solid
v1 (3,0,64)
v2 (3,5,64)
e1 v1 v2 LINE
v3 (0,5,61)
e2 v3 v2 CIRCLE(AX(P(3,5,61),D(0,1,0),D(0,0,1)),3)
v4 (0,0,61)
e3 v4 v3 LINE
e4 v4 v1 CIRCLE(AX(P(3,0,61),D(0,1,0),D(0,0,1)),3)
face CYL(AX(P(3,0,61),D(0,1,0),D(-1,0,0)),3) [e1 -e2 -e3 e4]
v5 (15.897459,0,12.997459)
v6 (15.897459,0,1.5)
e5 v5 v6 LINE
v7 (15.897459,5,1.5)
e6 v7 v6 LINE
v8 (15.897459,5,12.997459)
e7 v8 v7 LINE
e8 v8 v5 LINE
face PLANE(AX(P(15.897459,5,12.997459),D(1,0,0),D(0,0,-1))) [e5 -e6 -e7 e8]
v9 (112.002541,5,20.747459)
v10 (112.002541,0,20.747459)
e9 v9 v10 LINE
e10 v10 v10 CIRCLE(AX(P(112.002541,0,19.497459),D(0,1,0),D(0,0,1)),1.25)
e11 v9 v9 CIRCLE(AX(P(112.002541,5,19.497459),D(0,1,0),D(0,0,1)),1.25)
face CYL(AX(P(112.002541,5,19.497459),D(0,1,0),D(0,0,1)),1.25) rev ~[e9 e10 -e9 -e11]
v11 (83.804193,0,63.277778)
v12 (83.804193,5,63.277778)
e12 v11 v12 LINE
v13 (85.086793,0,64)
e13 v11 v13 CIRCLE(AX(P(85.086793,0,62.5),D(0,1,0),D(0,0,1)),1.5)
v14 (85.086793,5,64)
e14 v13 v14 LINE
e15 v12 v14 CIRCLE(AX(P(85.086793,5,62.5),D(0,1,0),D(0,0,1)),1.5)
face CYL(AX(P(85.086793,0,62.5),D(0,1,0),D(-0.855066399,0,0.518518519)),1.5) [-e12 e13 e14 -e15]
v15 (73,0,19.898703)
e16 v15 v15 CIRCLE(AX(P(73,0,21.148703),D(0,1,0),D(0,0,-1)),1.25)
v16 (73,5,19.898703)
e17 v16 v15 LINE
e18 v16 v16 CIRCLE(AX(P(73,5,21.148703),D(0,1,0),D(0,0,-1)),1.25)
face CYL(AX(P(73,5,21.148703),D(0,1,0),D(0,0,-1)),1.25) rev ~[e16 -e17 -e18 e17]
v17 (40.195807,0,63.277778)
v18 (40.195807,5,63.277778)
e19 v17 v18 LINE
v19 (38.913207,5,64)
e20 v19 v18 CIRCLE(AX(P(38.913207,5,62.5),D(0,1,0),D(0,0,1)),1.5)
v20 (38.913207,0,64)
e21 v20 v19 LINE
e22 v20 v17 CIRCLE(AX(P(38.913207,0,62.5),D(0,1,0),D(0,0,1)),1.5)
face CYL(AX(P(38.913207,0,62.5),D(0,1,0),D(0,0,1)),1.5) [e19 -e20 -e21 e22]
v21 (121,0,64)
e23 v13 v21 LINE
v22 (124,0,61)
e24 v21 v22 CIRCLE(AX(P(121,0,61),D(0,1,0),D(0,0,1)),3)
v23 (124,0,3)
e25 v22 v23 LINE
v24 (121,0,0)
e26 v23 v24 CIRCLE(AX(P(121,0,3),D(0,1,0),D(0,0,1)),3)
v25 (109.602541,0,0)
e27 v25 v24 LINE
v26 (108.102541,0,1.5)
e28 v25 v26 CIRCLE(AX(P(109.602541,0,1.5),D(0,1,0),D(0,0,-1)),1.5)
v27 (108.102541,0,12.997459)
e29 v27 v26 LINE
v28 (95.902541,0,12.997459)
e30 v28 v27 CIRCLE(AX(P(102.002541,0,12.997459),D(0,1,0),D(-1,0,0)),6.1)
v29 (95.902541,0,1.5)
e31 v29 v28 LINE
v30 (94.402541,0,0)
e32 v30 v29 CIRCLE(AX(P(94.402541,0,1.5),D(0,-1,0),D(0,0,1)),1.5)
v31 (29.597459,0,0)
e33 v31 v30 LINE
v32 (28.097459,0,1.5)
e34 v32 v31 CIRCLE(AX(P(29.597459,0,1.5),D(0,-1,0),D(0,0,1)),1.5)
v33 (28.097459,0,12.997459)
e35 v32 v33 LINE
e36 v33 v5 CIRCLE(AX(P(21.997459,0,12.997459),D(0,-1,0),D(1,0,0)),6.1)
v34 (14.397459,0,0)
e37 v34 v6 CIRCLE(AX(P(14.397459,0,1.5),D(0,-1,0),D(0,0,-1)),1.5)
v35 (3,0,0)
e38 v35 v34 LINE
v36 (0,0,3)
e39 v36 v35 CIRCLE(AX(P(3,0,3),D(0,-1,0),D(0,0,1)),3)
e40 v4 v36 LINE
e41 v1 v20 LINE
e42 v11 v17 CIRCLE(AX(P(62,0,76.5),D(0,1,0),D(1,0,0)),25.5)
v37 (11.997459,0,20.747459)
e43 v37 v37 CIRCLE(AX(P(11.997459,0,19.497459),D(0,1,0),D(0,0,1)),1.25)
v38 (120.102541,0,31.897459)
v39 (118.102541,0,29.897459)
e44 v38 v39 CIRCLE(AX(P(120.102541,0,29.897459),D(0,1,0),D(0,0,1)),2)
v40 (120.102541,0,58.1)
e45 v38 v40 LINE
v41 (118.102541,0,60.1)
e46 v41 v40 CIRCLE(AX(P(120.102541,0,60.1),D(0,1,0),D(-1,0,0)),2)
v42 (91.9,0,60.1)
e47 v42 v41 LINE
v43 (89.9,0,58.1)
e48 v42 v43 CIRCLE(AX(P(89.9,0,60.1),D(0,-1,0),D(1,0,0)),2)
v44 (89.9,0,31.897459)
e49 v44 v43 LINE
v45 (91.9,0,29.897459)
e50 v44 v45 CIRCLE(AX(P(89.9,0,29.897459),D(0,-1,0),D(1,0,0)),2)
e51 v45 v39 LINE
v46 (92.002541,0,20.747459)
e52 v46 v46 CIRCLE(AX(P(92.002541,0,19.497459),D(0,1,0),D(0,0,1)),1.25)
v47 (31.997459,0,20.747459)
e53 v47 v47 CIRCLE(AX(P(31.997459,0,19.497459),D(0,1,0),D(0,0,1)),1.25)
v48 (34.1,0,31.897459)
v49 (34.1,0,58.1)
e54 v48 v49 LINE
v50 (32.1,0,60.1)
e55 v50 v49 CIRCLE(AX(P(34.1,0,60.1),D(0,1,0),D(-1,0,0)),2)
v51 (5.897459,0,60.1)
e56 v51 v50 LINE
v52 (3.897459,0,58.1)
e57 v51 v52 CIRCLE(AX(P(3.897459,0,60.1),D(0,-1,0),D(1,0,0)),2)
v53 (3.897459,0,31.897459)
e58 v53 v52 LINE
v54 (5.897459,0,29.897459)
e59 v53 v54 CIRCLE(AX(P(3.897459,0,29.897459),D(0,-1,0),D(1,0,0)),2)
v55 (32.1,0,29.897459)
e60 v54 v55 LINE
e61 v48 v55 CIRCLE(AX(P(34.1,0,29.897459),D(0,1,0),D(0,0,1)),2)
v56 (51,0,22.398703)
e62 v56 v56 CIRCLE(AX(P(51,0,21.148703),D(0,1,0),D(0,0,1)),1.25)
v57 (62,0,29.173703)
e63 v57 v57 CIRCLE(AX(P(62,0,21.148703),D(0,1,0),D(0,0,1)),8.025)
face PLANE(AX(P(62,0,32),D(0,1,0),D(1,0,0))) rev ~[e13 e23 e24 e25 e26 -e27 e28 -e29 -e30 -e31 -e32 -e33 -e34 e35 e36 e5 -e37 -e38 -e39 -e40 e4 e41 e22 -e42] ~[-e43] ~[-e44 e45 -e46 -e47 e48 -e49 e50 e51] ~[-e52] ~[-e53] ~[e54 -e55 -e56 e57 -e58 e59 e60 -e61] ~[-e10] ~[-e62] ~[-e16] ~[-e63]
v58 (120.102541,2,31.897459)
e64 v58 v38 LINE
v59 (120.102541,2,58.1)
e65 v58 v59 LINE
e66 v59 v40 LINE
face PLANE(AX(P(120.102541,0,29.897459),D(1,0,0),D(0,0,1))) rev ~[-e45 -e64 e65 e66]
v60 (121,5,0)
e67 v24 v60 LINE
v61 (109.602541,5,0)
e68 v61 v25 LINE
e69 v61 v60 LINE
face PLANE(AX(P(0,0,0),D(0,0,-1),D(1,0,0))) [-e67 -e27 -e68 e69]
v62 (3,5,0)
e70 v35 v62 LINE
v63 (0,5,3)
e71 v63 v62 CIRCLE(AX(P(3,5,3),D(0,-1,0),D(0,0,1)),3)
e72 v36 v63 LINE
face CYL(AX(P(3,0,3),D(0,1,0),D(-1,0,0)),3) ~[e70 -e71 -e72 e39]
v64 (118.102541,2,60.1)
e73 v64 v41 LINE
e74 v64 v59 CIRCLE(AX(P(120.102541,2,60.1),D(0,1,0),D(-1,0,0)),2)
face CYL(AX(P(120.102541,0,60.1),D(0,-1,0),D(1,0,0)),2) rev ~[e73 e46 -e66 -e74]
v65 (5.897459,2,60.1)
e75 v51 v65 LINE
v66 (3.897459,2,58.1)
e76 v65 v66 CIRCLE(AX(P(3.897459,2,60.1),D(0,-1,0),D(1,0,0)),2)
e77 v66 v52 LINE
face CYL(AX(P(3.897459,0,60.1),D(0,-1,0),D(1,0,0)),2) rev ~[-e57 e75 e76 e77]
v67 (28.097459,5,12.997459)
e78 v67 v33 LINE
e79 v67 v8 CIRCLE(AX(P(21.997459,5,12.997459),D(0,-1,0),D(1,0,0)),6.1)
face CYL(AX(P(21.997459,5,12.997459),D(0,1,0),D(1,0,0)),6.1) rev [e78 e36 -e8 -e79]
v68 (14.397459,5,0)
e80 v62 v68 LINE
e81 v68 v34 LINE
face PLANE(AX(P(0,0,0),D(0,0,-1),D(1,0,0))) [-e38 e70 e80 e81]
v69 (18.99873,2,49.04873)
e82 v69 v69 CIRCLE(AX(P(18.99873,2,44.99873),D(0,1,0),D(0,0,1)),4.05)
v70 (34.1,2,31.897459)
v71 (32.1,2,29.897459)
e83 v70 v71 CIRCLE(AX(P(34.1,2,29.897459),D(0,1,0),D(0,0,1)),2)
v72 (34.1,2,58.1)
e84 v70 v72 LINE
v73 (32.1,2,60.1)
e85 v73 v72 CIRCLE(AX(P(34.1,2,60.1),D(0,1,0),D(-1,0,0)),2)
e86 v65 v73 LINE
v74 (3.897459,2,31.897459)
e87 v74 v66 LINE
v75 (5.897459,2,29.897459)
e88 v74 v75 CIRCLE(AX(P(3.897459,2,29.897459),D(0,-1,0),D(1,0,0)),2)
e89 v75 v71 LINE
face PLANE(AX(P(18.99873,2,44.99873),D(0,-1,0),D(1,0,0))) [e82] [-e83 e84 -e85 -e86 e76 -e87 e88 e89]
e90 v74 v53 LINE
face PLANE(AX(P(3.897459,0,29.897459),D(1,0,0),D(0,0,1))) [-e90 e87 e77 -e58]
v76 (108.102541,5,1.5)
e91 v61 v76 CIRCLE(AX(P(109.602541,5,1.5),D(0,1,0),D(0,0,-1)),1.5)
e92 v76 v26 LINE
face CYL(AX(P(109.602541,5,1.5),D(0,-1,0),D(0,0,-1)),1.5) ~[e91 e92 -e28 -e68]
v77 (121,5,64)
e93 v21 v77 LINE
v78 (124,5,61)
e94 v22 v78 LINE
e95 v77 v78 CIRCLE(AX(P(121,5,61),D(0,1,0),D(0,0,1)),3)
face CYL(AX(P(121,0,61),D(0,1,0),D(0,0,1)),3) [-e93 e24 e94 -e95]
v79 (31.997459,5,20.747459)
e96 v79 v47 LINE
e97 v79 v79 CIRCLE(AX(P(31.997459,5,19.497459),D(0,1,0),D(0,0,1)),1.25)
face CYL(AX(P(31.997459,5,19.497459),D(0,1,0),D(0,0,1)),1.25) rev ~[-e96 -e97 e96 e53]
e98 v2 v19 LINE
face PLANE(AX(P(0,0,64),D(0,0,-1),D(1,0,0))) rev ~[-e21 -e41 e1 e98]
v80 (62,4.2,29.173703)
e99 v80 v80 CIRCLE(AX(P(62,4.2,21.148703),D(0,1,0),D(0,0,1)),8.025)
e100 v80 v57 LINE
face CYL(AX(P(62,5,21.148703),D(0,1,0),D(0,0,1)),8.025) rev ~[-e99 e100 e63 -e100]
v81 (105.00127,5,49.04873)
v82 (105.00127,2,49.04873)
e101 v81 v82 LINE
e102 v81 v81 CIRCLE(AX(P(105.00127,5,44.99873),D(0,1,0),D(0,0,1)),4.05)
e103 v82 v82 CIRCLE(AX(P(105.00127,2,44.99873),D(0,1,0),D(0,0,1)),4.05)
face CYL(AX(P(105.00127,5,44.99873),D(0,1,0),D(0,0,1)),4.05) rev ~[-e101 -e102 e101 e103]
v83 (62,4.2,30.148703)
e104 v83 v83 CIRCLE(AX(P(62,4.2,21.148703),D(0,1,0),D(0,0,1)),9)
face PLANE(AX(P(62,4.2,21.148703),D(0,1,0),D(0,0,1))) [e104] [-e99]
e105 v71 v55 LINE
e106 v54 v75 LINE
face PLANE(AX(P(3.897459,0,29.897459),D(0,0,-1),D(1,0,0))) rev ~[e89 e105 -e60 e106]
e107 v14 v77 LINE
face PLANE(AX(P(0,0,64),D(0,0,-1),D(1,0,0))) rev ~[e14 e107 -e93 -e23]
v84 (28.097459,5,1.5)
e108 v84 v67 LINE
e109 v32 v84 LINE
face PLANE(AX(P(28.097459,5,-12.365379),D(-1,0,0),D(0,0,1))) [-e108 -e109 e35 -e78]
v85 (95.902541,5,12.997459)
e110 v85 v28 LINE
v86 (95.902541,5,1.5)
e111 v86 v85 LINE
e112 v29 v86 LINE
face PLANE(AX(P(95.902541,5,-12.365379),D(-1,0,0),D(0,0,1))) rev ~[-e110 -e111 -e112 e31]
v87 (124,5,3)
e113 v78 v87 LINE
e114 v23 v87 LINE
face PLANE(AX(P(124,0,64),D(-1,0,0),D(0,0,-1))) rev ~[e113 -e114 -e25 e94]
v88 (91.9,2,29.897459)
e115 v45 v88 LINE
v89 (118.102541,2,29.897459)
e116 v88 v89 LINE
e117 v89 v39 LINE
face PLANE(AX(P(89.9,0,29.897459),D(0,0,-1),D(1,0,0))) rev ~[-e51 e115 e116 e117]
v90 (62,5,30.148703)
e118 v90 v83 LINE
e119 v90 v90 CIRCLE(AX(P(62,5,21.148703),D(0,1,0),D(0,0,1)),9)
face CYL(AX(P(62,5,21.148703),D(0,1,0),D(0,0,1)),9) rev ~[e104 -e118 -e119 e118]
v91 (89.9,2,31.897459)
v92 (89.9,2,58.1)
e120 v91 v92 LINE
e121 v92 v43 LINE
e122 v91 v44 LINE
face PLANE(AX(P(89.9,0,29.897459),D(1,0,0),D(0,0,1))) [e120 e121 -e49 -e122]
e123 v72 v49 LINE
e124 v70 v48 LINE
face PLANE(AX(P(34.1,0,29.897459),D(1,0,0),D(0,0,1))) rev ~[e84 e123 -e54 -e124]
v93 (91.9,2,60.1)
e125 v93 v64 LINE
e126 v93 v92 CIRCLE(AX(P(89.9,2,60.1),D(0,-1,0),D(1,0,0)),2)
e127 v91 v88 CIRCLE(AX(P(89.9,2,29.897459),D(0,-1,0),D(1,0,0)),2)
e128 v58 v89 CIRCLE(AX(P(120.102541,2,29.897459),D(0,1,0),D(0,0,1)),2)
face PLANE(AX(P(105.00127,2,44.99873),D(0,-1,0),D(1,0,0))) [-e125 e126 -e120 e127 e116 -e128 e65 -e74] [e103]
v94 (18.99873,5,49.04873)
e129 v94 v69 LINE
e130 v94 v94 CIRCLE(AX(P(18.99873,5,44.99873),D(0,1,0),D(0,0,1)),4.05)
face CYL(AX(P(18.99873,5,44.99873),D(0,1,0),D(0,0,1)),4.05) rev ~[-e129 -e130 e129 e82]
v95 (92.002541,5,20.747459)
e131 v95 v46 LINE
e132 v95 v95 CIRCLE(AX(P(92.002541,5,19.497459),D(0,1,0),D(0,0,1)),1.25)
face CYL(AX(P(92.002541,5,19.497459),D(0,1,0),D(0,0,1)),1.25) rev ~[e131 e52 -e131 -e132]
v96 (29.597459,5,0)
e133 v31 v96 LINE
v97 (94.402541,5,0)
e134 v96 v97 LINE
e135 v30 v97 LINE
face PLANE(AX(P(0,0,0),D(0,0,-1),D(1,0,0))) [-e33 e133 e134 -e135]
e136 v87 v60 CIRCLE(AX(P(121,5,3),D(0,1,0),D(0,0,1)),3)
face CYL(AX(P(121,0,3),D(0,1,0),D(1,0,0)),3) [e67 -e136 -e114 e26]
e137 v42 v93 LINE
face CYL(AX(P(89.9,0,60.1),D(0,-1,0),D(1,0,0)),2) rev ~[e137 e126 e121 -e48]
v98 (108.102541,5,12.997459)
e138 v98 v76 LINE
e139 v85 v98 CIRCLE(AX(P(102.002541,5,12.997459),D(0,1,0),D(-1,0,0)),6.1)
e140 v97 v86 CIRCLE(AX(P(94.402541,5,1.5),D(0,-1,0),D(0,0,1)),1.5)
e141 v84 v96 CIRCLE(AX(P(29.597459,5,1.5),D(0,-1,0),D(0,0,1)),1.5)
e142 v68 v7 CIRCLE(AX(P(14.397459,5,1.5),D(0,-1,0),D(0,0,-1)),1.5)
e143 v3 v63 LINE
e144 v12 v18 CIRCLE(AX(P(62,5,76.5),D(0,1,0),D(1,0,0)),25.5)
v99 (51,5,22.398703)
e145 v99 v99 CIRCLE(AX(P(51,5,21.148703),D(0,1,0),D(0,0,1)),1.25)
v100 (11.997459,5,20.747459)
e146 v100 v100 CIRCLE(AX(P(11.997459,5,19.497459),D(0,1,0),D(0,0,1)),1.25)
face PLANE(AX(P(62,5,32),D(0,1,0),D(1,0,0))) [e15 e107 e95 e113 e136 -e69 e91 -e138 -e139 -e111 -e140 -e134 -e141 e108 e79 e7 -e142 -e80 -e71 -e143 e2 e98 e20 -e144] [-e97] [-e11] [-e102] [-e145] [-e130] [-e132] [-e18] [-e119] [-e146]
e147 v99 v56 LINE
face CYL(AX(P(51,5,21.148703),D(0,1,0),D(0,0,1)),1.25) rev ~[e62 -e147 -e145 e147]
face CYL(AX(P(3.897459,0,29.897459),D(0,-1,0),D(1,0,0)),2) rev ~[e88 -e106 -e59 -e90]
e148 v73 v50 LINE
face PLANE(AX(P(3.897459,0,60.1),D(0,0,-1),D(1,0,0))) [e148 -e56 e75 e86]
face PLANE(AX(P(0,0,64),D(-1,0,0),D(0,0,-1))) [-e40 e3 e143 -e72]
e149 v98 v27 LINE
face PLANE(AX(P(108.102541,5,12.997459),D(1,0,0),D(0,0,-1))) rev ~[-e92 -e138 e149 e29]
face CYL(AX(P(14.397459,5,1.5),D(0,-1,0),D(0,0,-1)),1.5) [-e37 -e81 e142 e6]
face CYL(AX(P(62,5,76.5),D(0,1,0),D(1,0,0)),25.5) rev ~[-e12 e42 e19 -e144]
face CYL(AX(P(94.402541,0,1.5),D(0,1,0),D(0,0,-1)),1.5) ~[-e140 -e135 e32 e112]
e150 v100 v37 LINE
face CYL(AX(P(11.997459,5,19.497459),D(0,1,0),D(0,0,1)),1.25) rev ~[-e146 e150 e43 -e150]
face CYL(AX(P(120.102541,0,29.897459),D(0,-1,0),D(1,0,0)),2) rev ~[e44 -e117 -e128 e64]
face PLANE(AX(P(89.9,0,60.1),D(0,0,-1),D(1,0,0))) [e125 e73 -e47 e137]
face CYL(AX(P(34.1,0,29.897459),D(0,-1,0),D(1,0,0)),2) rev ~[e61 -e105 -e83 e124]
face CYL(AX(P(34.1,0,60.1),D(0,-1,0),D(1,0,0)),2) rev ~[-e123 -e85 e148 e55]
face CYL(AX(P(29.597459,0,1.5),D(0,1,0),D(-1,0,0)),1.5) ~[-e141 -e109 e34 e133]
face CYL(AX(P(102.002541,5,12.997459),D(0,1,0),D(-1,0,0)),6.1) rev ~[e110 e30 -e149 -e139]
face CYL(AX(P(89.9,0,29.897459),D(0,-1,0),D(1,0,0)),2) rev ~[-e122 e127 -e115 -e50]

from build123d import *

# Parameters (mm, degrees)
SKETCH1_W           = 124
SKETCH1_H           = 64
BOSS_EXTRUDE1_DEPTH = 5
CUT_EXTRUDE1_DEPTH  = 5
SKETCH3_W           = 30.202540726
SKETCH3_H           = 30.202540726
CUT_EXTRUDE2_DEPTH  = 2
SKETCH4_R           = 2
CUT_EXTRUDE3_DEPTH  = 2
SKETCH5_R           = 8.025
SKETCH5_R_2         = 4.05
SKETCH5_R_3         = 25.5
CUT_EXTRUDE4_DEPTH  = 5
SKETCH6_R           = 1.25
CUT_EXTRUDE5_DEPTH  = 10
FILLET1_R           = 3
FILLET2_R           = 1.5
SKETCH7_R           = 9
CUT_EXTRUDE6_DEPTH  = 0.8
SKETCH8_R           = 1.25
CUT_EXTRUDE7_DEPTH  = 5


with BuildPart() as part:
    # Sketch1 → Boss-Extrude1 (new body)
    with BuildSketch(Plane(origin=(0, 0, 0), x_dir=(1, 0, 0), z_dir=(0, 1, 0))):
        with Locations((62, -32)):
            Rectangle(SKETCH1_W, SKETCH1_H)
    extrude(amount=BOSS_EXTRUDE1_DEPTH)

    # Sketch2 → Cut-Extrude1 (cut)
    with BuildSketch(Plane(origin=(0, 5, 0), x_dir=(1, 0, 0), z_dir=(0, 1, 0))):
        with BuildLine():
            Line((15.897459274, -12.997459274), (15.897459274, 12.365379101))
            Line((15.897459274, 12.365379101), (28.097459274, 12.365379101))
            Line((28.097459274, 12.365379101), (28.097459274, -12.997459274))
            ThreePointArc((28.097459274, -12.997459274), (21.997459274, -19.097459274), (15.897459274, -12.997459274))
        make_face()
        with BuildLine():
            Line((95.902540726, 12.365379101), (95.902540726, -12.997459274))
            ThreePointArc((95.902540726, -12.997459274), (102.002540726, -19.097459274), (108.102540726, -12.997459274))
            Line((108.102540726, -12.997459274), (108.102540726, 12.365379101))
            Line((108.102540726, 12.365379101), (95.902540726, 12.365379101))
        make_face()
    extrude(amount=-CUT_EXTRUDE1_DEPTH, mode=Mode.SUBTRACT)

    # Sketch3 → Cut-Extrude2 (cut)
    with BuildSketch(Plane.XZ):
        with Locations((18.998729637, 44.998729637)):
            Rectangle(SKETCH3_W, SKETCH3_H)
        with Locations((105.001270363, 44.998729637)):
            Rectangle(SKETCH3_W, SKETCH3_H)
    extrude(amount=-CUT_EXTRUDE2_DEPTH, mode=Mode.SUBTRACT)

    # Sketch4 → Cut-Extrude3 (cut)
    with BuildSketch(Plane.XZ):
        with Locations((34.1, 29.897459274)):
            Circle(SKETCH4_R)
        with Locations((34.1, 60.1)):
            Circle(SKETCH4_R)
        with Locations((3.897459274, 60.1)):
            Circle(SKETCH4_R)
        with Locations((3.897459274, 29.897459274)):
            Circle(SKETCH4_R)
        with Locations((120.102540726, 29.897459274)):
            Circle(SKETCH4_R)
        with Locations((120.102540726, 60.1)):
            Circle(SKETCH4_R)
        with Locations((89.9, 60.1)):
            Circle(SKETCH4_R)
        with Locations((89.9, 29.897459274)):
            Circle(SKETCH4_R)
    extrude(amount=-CUT_EXTRUDE3_DEPTH, mode=Mode.SUBTRACT)

    # Sketch5 → Cut-Extrude4 (cut)
    with BuildSketch(Plane(origin=(0, 5, 0), x_dir=(1, 0, 0), z_dir=(0, 1, 0))):
        with Locations(Location((62, -21.148702719, 0), (0, 0, 270))):
            Circle(SKETCH5_R)
        with Locations(Location((18.998729637, -44.998729637, 0), (0, 0, 270))):
            Circle(SKETCH5_R_2)
        with Locations(Location((105.001270363, -44.998729637, 0), (0, 0, 270))):
            Circle(SKETCH5_R_2)
        with Locations((62, -76.5)):
            Circle(SKETCH5_R_3)
    extrude(amount=-CUT_EXTRUDE4_DEPTH, mode=Mode.SUBTRACT)

    # Sketch6 → Cut-Extrude5 (cut)
    with BuildSketch(Plane(origin=(0, 5, 0), x_dir=(1, 0, 0), z_dir=(0, 1, 0))):
        with Locations(Location((92.002540726, -19.497459274, 0), (0, 0, 270))):
            Circle(SKETCH6_R)
        with Locations(Location((112.002540726, -19.497459274, 0), (0, 0, 270))):
            Circle(SKETCH6_R)
        with Locations(Location((31.997459274, -19.497459274, 0), (0, 0, 270))):
            Circle(SKETCH6_R)
        with Locations(Location((11.997459274, -19.497459274, 0), (0, 0, 270))):
            Circle(SKETCH6_R)
    extrude(amount=-CUT_EXTRUDE5_DEPTH, mode=Mode.SUBTRACT)

    # Fillet1
    fillet1_edges = [part.edges().sort_by_distance(p)[0] for p in [
        (0, 2.5, 0),
        (124, 2.5, 0),
        (124, 2.5, 64),
        (0, 2.5, 64),
    ]]
    fillet(fillet1_edges, radius=FILLET1_R)

    # Fillet2
    fillet2_edges = [part.edges().sort_by_distance(p)[0] for p in [
        (39.773889229, 2.5, 64),
        (84.226110771, 2.5, 64),
        (15.897459274, 2.5, 0),
        (28.097459274, 2.5, 0),
        (95.902540726, 2.5, 0),
        (108.102540726, 2.5, 0),
    ]]
    fillet(fillet2_edges, radius=FILLET2_R)

    # Sketch7 → Cut-Extrude6 (cut)
    with BuildSketch(Plane(origin=(0, 5, 0), x_dir=(1, 0, 0), z_dir=(0, 1, 0))):
        with Locations(Location((62, -21.148702719, 0), (0, 0, 270))):
            Circle(SKETCH7_R)
    extrude(amount=-CUT_EXTRUDE6_DEPTH, mode=Mode.SUBTRACT)

    # Sketch8 → Cut-Extrude7 (cut)
    with BuildSketch(Plane(origin=(0, 5, 0), x_dir=(1, 0, 0), z_dir=(0, 1, 0))):
        with Locations(Location((51, -21.148702719, 0), (0, 0, 270))):
            Circle(SKETCH8_R)
        with Locations(Location((73, -21.148702719, 0), (0, 0, 90))):
            Circle(SKETCH8_R)
    extrude(amount=-CUT_EXTRUDE7_DEPTH, mode=Mode.SUBTRACT)


solid = part.part
